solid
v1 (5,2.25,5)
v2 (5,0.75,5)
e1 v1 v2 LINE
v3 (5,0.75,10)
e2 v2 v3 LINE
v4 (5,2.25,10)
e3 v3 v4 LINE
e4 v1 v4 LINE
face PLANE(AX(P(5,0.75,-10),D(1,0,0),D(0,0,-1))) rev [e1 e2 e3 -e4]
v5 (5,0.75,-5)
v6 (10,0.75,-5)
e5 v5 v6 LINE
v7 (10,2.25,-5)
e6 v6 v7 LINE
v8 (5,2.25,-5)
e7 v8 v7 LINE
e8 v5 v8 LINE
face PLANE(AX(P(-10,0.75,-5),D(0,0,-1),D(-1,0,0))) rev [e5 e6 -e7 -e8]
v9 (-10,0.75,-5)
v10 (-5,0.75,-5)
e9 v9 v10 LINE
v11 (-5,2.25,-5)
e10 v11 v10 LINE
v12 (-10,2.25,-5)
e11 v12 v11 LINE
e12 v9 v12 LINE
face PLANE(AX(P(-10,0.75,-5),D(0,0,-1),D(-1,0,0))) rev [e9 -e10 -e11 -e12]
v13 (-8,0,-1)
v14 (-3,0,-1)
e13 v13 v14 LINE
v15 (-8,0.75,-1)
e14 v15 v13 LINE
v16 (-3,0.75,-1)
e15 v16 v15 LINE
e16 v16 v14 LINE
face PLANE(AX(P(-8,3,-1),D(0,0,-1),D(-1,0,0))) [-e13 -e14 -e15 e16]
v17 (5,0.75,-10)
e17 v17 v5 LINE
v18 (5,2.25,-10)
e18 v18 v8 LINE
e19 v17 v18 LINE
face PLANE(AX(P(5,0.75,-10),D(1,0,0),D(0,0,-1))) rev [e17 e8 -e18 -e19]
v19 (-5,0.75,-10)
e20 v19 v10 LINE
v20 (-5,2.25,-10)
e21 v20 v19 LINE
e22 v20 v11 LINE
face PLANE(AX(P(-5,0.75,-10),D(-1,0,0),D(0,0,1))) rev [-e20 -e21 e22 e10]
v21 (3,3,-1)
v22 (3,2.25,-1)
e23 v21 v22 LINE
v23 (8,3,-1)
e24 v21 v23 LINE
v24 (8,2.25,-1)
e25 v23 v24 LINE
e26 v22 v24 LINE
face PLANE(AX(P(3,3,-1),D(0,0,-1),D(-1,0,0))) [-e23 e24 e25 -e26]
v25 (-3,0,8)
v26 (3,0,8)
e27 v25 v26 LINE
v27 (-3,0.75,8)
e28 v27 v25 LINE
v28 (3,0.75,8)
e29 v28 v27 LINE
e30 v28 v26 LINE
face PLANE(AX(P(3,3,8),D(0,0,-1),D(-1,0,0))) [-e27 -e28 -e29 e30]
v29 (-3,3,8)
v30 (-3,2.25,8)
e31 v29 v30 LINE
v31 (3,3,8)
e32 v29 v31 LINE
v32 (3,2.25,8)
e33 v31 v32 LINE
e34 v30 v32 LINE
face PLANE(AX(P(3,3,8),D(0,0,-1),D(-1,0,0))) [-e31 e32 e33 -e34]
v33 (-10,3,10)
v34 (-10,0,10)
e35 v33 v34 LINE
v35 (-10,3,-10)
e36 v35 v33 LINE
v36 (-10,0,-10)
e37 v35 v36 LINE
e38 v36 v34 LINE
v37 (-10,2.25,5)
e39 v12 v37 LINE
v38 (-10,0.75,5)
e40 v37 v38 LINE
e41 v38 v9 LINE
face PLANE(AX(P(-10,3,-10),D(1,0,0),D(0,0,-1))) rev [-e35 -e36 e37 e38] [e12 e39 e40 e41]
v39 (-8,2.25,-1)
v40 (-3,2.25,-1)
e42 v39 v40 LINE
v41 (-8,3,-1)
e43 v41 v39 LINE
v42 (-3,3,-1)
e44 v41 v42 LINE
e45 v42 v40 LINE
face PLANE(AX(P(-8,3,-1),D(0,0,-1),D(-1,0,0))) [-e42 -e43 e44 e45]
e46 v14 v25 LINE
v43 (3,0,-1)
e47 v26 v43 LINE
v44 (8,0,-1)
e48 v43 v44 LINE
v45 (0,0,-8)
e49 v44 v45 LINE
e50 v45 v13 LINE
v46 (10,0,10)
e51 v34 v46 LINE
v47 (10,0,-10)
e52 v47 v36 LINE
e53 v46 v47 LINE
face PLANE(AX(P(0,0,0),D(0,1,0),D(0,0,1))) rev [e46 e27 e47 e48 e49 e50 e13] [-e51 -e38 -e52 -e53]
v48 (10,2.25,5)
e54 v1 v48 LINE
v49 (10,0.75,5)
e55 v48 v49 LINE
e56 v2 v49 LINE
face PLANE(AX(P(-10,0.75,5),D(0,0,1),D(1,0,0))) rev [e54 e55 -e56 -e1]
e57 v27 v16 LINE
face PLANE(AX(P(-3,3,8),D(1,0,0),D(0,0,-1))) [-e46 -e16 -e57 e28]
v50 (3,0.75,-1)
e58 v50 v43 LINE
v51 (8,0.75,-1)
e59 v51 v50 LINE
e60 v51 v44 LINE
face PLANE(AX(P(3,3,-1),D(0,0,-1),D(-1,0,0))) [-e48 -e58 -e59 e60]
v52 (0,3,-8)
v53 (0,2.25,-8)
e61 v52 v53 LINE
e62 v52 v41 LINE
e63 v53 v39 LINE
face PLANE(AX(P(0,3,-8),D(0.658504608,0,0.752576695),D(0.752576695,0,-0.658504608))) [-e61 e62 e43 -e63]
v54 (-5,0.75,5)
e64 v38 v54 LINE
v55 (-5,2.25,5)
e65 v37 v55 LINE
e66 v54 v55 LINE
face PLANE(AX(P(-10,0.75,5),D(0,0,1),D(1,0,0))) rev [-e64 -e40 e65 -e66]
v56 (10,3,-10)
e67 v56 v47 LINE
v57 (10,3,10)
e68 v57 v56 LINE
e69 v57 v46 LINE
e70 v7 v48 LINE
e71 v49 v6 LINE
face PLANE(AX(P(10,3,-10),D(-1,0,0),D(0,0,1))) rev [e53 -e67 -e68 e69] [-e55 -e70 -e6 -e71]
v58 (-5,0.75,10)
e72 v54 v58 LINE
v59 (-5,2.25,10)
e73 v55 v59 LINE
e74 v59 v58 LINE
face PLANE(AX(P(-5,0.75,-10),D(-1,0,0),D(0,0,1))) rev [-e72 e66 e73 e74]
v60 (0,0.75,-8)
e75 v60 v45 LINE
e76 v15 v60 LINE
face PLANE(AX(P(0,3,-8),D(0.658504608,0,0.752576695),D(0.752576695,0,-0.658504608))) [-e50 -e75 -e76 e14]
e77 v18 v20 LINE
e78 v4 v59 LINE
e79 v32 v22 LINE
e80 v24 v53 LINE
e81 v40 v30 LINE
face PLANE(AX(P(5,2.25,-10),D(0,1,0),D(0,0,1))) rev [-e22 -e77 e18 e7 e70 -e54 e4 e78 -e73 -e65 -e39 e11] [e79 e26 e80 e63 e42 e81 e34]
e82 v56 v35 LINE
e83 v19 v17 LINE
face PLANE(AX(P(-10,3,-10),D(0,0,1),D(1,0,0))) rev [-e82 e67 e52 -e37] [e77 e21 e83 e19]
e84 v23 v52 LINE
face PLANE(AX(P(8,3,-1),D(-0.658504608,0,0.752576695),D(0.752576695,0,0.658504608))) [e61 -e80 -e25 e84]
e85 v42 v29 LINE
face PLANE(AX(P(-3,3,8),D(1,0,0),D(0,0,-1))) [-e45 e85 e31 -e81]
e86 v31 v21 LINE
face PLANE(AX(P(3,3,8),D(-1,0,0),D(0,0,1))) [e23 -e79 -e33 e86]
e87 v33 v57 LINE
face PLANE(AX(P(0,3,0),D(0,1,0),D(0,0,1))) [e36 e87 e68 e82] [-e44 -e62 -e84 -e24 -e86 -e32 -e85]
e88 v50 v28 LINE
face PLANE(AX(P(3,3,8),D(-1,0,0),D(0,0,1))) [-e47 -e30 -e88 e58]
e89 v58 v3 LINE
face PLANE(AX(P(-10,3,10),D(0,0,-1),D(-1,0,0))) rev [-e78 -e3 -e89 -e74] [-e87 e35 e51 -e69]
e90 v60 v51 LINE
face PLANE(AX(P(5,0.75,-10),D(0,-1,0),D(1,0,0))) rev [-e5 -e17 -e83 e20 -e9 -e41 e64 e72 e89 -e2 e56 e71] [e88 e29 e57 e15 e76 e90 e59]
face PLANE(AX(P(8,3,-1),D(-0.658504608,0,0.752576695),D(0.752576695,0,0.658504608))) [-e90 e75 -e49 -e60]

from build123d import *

# Parameters (mm, degrees)
SKETCH1_W           = 20
SKETCH1_H           = 20
BOSS_EXTRUDE1_DEPTH = 3
SKETCH2_W           = 10
SKETCH2_H           = 1.5
CUT_EXTRUDE1_DEPTH  = 21
SKETCH3_W           = 10
SKETCH3_H           = 1.5
CUT_EXTRUDE2_DEPTH  = 21


with BuildPart() as part:
    # Sketch1 → Boss-Extrude1 (new body)
    with BuildSketch(Plane(origin=(0, 0, 0), x_dir=(1, 0, 0), z_dir=(0, 1, 0))):
        Rectangle(SKETCH1_W, SKETCH1_H)
        Polygon((-8, 1), (-3, 1), (-3, -8), (3, -8), (3, 1), (8, 1), (0, 8), align=None, mode=Mode.SUBTRACT)
    extrude(amount=BOSS_EXTRUDE1_DEPTH)

    # Sketch2 → Cut-Extrude1 (cut, through all)
    with BuildSketch(Plane.XY.offset(10)):
        with Locations((0, 1.5)):
            Rectangle(SKETCH2_W, SKETCH2_H)
    extrude(amount=-CUT_EXTRUDE1_DEPTH, mode=Mode.SUBTRACT)

    # Sketch3 → Cut-Extrude2 (cut, through all)
    with BuildSketch(Plane(origin=(10, 0, 0), x_dir=(0, 0, -1), z_dir=(1, 0, 0))):
        with Locations((0, 1.5)):
            Rectangle(SKETCH3_W, SKETCH3_H)
    extrude(amount=-CUT_EXTRUDE2_DEPTH, mode=Mode.SUBTRACT)


solid = part.part
